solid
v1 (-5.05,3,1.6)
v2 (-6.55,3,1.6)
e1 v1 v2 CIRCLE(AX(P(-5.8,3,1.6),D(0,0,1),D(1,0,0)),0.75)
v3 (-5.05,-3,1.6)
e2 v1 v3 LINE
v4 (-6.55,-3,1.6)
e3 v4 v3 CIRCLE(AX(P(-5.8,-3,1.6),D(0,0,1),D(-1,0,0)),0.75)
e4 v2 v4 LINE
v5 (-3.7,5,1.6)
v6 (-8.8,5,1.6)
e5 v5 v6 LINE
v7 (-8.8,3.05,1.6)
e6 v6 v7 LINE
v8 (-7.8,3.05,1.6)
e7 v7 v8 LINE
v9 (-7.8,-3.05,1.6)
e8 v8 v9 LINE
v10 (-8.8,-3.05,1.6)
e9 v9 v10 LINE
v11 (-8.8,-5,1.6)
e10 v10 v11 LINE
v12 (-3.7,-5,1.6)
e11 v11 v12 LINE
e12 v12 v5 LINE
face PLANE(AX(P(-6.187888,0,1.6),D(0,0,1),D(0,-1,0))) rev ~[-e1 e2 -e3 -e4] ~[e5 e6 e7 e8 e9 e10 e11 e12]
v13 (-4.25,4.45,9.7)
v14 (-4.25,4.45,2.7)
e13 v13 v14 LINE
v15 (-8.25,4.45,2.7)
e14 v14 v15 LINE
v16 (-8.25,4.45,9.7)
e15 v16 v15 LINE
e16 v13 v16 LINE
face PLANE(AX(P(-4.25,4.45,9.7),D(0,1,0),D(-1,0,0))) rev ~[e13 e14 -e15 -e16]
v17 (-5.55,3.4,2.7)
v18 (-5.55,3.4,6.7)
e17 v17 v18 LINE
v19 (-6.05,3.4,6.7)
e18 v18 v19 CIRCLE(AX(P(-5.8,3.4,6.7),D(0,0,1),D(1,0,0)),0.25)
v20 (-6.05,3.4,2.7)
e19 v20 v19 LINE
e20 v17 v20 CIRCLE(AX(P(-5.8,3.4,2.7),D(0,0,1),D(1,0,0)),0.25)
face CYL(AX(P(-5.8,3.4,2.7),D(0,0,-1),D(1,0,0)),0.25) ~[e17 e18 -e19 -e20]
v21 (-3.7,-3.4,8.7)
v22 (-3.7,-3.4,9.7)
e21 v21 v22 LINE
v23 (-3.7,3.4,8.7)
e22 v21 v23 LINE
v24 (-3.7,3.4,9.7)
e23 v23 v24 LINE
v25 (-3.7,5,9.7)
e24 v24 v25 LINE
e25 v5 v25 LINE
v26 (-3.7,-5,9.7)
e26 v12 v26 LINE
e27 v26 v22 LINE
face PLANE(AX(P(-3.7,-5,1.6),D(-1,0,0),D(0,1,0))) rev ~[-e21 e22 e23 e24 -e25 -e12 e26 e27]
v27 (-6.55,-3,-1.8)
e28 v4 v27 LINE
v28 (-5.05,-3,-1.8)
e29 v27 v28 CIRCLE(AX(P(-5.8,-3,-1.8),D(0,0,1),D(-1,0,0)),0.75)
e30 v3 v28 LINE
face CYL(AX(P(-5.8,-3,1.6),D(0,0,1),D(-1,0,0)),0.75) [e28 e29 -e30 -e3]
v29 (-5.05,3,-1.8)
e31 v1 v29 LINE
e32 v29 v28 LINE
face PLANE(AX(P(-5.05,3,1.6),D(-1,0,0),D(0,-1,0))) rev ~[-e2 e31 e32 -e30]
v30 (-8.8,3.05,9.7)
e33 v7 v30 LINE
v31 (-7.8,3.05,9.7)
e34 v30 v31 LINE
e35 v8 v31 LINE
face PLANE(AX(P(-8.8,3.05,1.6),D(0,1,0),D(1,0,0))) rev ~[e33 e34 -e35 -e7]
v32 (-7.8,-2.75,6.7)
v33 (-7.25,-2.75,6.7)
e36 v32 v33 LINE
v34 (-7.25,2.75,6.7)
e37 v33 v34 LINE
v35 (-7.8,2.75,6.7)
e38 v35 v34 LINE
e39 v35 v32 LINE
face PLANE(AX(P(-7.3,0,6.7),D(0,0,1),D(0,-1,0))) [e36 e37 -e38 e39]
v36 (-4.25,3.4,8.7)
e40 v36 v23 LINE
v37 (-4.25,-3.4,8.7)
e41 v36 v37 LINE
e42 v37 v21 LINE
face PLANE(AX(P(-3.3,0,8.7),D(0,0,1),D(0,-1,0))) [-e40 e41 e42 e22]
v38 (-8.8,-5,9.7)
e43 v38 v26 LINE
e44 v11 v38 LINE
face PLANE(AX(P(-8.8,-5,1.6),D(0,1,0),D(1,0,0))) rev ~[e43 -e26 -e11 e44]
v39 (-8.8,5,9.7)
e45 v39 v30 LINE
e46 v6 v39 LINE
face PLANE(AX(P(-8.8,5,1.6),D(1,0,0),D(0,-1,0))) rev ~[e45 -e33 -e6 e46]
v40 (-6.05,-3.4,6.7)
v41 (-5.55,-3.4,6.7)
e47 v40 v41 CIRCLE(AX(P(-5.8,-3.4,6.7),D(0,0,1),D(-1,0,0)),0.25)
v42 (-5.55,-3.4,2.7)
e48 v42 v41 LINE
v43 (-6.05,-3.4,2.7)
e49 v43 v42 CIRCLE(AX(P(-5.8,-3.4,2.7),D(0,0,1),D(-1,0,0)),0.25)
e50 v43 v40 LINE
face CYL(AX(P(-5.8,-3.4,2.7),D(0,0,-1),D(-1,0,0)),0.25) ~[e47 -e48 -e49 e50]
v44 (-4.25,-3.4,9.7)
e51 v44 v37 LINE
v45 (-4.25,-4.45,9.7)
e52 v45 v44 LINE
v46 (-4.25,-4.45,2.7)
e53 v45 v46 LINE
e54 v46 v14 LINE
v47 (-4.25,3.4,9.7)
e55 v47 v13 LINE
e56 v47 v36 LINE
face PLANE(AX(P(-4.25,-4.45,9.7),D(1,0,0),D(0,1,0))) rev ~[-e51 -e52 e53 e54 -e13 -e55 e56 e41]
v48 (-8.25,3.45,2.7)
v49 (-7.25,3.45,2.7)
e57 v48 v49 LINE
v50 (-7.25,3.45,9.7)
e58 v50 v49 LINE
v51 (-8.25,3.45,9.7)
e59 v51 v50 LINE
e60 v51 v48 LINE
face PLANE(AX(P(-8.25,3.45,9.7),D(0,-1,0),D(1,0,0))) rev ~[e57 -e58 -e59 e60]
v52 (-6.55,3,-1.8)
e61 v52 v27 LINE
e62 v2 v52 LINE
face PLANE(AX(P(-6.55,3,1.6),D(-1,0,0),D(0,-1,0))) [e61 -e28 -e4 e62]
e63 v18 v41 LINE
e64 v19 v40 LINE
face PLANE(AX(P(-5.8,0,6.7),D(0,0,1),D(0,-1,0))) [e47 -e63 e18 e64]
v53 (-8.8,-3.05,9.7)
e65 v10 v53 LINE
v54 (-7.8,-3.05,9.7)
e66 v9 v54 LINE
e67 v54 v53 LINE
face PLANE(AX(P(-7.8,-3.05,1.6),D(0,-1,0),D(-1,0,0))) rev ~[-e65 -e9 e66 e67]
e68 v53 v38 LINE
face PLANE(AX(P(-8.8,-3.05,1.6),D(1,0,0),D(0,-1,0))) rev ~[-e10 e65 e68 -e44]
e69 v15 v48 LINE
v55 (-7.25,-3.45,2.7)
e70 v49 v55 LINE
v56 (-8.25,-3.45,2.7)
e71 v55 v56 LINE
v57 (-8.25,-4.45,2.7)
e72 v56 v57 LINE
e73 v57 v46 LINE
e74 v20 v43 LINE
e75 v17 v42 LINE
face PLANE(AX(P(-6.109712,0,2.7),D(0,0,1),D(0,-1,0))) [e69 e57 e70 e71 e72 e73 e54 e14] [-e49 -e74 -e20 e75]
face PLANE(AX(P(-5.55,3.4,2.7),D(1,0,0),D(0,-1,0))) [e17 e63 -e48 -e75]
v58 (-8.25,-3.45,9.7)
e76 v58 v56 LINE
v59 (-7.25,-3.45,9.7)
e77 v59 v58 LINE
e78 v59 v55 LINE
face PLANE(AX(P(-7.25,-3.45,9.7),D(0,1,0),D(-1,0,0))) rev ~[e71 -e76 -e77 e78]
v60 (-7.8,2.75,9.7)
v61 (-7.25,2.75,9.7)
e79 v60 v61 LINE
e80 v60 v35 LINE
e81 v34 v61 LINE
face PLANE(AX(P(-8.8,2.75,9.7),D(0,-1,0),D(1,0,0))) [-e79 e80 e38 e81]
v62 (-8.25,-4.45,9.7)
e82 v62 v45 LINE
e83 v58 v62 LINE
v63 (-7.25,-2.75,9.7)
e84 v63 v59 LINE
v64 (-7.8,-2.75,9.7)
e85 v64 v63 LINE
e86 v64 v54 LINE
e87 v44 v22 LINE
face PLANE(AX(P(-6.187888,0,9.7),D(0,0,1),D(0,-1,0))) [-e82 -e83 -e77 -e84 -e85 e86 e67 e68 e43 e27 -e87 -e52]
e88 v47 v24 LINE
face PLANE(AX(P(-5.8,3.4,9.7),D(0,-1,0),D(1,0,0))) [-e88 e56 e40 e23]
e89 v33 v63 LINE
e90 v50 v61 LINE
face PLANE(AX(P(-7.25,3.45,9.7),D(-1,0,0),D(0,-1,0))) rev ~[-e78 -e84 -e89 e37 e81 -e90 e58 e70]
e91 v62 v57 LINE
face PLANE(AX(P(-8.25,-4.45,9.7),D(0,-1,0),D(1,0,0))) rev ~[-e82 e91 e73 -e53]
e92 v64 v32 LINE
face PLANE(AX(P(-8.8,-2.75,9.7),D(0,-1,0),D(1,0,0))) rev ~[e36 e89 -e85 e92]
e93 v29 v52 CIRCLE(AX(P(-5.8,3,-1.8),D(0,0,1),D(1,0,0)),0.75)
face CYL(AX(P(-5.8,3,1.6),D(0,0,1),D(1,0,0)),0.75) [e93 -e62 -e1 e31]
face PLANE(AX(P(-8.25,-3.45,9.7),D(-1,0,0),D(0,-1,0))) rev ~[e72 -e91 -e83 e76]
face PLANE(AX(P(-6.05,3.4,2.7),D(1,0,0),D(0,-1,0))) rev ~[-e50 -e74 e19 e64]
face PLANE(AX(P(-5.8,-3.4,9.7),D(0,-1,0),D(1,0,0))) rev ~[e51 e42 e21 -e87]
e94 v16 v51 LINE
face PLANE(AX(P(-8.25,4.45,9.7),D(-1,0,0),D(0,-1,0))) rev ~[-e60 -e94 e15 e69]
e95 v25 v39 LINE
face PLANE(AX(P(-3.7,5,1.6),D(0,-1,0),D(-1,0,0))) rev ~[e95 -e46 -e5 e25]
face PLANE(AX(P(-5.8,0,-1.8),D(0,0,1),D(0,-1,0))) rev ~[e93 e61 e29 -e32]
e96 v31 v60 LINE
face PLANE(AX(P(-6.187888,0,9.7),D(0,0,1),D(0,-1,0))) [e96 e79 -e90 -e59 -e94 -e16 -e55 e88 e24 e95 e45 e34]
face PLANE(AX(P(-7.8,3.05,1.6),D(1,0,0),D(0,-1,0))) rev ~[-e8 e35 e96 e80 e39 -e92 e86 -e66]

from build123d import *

# Parameters (mm, degrees)
PAD005_DEPTH            = 8.1
POCKET003_DEPTH         = 7
SKETCH010_W             = 6.8
SKETCH010_H             = 5
POCKET004_DEPTH         = 1
SKETCH011_W             = 5.5
SKETCH011_H             = 3
POCKET005_DEPTH         = 3
PAD006_DEPTH            = 4
PAD007_DEPTH            = 3.4
BODY005_PLACEMENT_ANGLE = 270


with BuildPart() as part:
    # Sketch008 → Pad005 (new body)
    with BuildSketch(Plane.XY):
        Polygon((-5, 0), (-3.05, 0), (-3.05, 1), (3.05, 1), (3.05, 0), (5, 0), (5, 5.1), (-5, 5.1), align=None)
    extrude(amount=PAD005_DEPTH)

    # Sketch009 (on Face10 of Pad005) → Pocket003 (cut)
    with BuildSketch(Plane.XY.offset(8.1)):
        Polygon((-4.45, 0.55), (-3.45, 0.55), (-3.45, 1.55), (3.45, 1.55), (3.45, 0.55), (4.45, 0.55), (4.45, 4.55), (-4.45, 4.55), align=None)
    extrude(amount=-POCKET003_DEPTH, mode=Mode.SUBTRACT)

    # Sketch010 (on Face5 of Pocket003) → Pocket004 (cut)
    with BuildSketch(Plane.XY.offset(8.1)):
        with Locations((0, 5.5)):
            Rectangle(SKETCH010_W, SKETCH010_H)
    extrude(amount=-POCKET004_DEPTH, mode=Mode.SUBTRACT)

    # Sketch011 (on Face5 of Pocket004) → Pocket005 (cut)
    with BuildSketch(Plane.XY.offset(8.1)):
        with Locations((0, 1.5)):
            Rectangle(SKETCH011_W, SKETCH011_H)
    extrude(amount=-POCKET005_DEPTH, mode=Mode.SUBTRACT)

    # Sketch012 (on Face26 of Pocket005) → Pad006 (join)
    with BuildSketch(Plane.XY.offset(1.1)):
        with BuildLine():
            ThreePointArc((-3.4, 3.25), (-3.65, 3), (-3.4, 2.75))
            Line((-3.4, 2.75), (3.4, 2.75))
            ThreePointArc((3.4, 2.75), (3.65, 3), (3.4, 3.25))
            Line((-3.4, 3.25), (3.4, 3.25))
        make_face()
    extrude(amount=PAD006_DEPTH)

    # Sketch013 → Pad007 (join)
    with BuildSketch(Plane.XY):
        with BuildLine():
            ThreePointArc((-3, 3.75), (-3.75, 3), (-3, 2.25))
            Line((-3, 2.25), (3, 2.25))
            ThreePointArc((3, 2.25), (3.75, 3), (3, 3.75))
            Line((-3, 3.75), (3, 3.75))
        make_face()
    extrude(amount=-PAD007_DEPTH)


with BuildPart() as part_1:
    # Body005 placement: moved
    add(part.part.moved(Location((-8.8, 0, 1.6))).rotate(Axis((-8.8, 0, 1.6), (0, 0, 1)), BODY005_PLACEMENT_ANGLE))


solid = part_1.part
